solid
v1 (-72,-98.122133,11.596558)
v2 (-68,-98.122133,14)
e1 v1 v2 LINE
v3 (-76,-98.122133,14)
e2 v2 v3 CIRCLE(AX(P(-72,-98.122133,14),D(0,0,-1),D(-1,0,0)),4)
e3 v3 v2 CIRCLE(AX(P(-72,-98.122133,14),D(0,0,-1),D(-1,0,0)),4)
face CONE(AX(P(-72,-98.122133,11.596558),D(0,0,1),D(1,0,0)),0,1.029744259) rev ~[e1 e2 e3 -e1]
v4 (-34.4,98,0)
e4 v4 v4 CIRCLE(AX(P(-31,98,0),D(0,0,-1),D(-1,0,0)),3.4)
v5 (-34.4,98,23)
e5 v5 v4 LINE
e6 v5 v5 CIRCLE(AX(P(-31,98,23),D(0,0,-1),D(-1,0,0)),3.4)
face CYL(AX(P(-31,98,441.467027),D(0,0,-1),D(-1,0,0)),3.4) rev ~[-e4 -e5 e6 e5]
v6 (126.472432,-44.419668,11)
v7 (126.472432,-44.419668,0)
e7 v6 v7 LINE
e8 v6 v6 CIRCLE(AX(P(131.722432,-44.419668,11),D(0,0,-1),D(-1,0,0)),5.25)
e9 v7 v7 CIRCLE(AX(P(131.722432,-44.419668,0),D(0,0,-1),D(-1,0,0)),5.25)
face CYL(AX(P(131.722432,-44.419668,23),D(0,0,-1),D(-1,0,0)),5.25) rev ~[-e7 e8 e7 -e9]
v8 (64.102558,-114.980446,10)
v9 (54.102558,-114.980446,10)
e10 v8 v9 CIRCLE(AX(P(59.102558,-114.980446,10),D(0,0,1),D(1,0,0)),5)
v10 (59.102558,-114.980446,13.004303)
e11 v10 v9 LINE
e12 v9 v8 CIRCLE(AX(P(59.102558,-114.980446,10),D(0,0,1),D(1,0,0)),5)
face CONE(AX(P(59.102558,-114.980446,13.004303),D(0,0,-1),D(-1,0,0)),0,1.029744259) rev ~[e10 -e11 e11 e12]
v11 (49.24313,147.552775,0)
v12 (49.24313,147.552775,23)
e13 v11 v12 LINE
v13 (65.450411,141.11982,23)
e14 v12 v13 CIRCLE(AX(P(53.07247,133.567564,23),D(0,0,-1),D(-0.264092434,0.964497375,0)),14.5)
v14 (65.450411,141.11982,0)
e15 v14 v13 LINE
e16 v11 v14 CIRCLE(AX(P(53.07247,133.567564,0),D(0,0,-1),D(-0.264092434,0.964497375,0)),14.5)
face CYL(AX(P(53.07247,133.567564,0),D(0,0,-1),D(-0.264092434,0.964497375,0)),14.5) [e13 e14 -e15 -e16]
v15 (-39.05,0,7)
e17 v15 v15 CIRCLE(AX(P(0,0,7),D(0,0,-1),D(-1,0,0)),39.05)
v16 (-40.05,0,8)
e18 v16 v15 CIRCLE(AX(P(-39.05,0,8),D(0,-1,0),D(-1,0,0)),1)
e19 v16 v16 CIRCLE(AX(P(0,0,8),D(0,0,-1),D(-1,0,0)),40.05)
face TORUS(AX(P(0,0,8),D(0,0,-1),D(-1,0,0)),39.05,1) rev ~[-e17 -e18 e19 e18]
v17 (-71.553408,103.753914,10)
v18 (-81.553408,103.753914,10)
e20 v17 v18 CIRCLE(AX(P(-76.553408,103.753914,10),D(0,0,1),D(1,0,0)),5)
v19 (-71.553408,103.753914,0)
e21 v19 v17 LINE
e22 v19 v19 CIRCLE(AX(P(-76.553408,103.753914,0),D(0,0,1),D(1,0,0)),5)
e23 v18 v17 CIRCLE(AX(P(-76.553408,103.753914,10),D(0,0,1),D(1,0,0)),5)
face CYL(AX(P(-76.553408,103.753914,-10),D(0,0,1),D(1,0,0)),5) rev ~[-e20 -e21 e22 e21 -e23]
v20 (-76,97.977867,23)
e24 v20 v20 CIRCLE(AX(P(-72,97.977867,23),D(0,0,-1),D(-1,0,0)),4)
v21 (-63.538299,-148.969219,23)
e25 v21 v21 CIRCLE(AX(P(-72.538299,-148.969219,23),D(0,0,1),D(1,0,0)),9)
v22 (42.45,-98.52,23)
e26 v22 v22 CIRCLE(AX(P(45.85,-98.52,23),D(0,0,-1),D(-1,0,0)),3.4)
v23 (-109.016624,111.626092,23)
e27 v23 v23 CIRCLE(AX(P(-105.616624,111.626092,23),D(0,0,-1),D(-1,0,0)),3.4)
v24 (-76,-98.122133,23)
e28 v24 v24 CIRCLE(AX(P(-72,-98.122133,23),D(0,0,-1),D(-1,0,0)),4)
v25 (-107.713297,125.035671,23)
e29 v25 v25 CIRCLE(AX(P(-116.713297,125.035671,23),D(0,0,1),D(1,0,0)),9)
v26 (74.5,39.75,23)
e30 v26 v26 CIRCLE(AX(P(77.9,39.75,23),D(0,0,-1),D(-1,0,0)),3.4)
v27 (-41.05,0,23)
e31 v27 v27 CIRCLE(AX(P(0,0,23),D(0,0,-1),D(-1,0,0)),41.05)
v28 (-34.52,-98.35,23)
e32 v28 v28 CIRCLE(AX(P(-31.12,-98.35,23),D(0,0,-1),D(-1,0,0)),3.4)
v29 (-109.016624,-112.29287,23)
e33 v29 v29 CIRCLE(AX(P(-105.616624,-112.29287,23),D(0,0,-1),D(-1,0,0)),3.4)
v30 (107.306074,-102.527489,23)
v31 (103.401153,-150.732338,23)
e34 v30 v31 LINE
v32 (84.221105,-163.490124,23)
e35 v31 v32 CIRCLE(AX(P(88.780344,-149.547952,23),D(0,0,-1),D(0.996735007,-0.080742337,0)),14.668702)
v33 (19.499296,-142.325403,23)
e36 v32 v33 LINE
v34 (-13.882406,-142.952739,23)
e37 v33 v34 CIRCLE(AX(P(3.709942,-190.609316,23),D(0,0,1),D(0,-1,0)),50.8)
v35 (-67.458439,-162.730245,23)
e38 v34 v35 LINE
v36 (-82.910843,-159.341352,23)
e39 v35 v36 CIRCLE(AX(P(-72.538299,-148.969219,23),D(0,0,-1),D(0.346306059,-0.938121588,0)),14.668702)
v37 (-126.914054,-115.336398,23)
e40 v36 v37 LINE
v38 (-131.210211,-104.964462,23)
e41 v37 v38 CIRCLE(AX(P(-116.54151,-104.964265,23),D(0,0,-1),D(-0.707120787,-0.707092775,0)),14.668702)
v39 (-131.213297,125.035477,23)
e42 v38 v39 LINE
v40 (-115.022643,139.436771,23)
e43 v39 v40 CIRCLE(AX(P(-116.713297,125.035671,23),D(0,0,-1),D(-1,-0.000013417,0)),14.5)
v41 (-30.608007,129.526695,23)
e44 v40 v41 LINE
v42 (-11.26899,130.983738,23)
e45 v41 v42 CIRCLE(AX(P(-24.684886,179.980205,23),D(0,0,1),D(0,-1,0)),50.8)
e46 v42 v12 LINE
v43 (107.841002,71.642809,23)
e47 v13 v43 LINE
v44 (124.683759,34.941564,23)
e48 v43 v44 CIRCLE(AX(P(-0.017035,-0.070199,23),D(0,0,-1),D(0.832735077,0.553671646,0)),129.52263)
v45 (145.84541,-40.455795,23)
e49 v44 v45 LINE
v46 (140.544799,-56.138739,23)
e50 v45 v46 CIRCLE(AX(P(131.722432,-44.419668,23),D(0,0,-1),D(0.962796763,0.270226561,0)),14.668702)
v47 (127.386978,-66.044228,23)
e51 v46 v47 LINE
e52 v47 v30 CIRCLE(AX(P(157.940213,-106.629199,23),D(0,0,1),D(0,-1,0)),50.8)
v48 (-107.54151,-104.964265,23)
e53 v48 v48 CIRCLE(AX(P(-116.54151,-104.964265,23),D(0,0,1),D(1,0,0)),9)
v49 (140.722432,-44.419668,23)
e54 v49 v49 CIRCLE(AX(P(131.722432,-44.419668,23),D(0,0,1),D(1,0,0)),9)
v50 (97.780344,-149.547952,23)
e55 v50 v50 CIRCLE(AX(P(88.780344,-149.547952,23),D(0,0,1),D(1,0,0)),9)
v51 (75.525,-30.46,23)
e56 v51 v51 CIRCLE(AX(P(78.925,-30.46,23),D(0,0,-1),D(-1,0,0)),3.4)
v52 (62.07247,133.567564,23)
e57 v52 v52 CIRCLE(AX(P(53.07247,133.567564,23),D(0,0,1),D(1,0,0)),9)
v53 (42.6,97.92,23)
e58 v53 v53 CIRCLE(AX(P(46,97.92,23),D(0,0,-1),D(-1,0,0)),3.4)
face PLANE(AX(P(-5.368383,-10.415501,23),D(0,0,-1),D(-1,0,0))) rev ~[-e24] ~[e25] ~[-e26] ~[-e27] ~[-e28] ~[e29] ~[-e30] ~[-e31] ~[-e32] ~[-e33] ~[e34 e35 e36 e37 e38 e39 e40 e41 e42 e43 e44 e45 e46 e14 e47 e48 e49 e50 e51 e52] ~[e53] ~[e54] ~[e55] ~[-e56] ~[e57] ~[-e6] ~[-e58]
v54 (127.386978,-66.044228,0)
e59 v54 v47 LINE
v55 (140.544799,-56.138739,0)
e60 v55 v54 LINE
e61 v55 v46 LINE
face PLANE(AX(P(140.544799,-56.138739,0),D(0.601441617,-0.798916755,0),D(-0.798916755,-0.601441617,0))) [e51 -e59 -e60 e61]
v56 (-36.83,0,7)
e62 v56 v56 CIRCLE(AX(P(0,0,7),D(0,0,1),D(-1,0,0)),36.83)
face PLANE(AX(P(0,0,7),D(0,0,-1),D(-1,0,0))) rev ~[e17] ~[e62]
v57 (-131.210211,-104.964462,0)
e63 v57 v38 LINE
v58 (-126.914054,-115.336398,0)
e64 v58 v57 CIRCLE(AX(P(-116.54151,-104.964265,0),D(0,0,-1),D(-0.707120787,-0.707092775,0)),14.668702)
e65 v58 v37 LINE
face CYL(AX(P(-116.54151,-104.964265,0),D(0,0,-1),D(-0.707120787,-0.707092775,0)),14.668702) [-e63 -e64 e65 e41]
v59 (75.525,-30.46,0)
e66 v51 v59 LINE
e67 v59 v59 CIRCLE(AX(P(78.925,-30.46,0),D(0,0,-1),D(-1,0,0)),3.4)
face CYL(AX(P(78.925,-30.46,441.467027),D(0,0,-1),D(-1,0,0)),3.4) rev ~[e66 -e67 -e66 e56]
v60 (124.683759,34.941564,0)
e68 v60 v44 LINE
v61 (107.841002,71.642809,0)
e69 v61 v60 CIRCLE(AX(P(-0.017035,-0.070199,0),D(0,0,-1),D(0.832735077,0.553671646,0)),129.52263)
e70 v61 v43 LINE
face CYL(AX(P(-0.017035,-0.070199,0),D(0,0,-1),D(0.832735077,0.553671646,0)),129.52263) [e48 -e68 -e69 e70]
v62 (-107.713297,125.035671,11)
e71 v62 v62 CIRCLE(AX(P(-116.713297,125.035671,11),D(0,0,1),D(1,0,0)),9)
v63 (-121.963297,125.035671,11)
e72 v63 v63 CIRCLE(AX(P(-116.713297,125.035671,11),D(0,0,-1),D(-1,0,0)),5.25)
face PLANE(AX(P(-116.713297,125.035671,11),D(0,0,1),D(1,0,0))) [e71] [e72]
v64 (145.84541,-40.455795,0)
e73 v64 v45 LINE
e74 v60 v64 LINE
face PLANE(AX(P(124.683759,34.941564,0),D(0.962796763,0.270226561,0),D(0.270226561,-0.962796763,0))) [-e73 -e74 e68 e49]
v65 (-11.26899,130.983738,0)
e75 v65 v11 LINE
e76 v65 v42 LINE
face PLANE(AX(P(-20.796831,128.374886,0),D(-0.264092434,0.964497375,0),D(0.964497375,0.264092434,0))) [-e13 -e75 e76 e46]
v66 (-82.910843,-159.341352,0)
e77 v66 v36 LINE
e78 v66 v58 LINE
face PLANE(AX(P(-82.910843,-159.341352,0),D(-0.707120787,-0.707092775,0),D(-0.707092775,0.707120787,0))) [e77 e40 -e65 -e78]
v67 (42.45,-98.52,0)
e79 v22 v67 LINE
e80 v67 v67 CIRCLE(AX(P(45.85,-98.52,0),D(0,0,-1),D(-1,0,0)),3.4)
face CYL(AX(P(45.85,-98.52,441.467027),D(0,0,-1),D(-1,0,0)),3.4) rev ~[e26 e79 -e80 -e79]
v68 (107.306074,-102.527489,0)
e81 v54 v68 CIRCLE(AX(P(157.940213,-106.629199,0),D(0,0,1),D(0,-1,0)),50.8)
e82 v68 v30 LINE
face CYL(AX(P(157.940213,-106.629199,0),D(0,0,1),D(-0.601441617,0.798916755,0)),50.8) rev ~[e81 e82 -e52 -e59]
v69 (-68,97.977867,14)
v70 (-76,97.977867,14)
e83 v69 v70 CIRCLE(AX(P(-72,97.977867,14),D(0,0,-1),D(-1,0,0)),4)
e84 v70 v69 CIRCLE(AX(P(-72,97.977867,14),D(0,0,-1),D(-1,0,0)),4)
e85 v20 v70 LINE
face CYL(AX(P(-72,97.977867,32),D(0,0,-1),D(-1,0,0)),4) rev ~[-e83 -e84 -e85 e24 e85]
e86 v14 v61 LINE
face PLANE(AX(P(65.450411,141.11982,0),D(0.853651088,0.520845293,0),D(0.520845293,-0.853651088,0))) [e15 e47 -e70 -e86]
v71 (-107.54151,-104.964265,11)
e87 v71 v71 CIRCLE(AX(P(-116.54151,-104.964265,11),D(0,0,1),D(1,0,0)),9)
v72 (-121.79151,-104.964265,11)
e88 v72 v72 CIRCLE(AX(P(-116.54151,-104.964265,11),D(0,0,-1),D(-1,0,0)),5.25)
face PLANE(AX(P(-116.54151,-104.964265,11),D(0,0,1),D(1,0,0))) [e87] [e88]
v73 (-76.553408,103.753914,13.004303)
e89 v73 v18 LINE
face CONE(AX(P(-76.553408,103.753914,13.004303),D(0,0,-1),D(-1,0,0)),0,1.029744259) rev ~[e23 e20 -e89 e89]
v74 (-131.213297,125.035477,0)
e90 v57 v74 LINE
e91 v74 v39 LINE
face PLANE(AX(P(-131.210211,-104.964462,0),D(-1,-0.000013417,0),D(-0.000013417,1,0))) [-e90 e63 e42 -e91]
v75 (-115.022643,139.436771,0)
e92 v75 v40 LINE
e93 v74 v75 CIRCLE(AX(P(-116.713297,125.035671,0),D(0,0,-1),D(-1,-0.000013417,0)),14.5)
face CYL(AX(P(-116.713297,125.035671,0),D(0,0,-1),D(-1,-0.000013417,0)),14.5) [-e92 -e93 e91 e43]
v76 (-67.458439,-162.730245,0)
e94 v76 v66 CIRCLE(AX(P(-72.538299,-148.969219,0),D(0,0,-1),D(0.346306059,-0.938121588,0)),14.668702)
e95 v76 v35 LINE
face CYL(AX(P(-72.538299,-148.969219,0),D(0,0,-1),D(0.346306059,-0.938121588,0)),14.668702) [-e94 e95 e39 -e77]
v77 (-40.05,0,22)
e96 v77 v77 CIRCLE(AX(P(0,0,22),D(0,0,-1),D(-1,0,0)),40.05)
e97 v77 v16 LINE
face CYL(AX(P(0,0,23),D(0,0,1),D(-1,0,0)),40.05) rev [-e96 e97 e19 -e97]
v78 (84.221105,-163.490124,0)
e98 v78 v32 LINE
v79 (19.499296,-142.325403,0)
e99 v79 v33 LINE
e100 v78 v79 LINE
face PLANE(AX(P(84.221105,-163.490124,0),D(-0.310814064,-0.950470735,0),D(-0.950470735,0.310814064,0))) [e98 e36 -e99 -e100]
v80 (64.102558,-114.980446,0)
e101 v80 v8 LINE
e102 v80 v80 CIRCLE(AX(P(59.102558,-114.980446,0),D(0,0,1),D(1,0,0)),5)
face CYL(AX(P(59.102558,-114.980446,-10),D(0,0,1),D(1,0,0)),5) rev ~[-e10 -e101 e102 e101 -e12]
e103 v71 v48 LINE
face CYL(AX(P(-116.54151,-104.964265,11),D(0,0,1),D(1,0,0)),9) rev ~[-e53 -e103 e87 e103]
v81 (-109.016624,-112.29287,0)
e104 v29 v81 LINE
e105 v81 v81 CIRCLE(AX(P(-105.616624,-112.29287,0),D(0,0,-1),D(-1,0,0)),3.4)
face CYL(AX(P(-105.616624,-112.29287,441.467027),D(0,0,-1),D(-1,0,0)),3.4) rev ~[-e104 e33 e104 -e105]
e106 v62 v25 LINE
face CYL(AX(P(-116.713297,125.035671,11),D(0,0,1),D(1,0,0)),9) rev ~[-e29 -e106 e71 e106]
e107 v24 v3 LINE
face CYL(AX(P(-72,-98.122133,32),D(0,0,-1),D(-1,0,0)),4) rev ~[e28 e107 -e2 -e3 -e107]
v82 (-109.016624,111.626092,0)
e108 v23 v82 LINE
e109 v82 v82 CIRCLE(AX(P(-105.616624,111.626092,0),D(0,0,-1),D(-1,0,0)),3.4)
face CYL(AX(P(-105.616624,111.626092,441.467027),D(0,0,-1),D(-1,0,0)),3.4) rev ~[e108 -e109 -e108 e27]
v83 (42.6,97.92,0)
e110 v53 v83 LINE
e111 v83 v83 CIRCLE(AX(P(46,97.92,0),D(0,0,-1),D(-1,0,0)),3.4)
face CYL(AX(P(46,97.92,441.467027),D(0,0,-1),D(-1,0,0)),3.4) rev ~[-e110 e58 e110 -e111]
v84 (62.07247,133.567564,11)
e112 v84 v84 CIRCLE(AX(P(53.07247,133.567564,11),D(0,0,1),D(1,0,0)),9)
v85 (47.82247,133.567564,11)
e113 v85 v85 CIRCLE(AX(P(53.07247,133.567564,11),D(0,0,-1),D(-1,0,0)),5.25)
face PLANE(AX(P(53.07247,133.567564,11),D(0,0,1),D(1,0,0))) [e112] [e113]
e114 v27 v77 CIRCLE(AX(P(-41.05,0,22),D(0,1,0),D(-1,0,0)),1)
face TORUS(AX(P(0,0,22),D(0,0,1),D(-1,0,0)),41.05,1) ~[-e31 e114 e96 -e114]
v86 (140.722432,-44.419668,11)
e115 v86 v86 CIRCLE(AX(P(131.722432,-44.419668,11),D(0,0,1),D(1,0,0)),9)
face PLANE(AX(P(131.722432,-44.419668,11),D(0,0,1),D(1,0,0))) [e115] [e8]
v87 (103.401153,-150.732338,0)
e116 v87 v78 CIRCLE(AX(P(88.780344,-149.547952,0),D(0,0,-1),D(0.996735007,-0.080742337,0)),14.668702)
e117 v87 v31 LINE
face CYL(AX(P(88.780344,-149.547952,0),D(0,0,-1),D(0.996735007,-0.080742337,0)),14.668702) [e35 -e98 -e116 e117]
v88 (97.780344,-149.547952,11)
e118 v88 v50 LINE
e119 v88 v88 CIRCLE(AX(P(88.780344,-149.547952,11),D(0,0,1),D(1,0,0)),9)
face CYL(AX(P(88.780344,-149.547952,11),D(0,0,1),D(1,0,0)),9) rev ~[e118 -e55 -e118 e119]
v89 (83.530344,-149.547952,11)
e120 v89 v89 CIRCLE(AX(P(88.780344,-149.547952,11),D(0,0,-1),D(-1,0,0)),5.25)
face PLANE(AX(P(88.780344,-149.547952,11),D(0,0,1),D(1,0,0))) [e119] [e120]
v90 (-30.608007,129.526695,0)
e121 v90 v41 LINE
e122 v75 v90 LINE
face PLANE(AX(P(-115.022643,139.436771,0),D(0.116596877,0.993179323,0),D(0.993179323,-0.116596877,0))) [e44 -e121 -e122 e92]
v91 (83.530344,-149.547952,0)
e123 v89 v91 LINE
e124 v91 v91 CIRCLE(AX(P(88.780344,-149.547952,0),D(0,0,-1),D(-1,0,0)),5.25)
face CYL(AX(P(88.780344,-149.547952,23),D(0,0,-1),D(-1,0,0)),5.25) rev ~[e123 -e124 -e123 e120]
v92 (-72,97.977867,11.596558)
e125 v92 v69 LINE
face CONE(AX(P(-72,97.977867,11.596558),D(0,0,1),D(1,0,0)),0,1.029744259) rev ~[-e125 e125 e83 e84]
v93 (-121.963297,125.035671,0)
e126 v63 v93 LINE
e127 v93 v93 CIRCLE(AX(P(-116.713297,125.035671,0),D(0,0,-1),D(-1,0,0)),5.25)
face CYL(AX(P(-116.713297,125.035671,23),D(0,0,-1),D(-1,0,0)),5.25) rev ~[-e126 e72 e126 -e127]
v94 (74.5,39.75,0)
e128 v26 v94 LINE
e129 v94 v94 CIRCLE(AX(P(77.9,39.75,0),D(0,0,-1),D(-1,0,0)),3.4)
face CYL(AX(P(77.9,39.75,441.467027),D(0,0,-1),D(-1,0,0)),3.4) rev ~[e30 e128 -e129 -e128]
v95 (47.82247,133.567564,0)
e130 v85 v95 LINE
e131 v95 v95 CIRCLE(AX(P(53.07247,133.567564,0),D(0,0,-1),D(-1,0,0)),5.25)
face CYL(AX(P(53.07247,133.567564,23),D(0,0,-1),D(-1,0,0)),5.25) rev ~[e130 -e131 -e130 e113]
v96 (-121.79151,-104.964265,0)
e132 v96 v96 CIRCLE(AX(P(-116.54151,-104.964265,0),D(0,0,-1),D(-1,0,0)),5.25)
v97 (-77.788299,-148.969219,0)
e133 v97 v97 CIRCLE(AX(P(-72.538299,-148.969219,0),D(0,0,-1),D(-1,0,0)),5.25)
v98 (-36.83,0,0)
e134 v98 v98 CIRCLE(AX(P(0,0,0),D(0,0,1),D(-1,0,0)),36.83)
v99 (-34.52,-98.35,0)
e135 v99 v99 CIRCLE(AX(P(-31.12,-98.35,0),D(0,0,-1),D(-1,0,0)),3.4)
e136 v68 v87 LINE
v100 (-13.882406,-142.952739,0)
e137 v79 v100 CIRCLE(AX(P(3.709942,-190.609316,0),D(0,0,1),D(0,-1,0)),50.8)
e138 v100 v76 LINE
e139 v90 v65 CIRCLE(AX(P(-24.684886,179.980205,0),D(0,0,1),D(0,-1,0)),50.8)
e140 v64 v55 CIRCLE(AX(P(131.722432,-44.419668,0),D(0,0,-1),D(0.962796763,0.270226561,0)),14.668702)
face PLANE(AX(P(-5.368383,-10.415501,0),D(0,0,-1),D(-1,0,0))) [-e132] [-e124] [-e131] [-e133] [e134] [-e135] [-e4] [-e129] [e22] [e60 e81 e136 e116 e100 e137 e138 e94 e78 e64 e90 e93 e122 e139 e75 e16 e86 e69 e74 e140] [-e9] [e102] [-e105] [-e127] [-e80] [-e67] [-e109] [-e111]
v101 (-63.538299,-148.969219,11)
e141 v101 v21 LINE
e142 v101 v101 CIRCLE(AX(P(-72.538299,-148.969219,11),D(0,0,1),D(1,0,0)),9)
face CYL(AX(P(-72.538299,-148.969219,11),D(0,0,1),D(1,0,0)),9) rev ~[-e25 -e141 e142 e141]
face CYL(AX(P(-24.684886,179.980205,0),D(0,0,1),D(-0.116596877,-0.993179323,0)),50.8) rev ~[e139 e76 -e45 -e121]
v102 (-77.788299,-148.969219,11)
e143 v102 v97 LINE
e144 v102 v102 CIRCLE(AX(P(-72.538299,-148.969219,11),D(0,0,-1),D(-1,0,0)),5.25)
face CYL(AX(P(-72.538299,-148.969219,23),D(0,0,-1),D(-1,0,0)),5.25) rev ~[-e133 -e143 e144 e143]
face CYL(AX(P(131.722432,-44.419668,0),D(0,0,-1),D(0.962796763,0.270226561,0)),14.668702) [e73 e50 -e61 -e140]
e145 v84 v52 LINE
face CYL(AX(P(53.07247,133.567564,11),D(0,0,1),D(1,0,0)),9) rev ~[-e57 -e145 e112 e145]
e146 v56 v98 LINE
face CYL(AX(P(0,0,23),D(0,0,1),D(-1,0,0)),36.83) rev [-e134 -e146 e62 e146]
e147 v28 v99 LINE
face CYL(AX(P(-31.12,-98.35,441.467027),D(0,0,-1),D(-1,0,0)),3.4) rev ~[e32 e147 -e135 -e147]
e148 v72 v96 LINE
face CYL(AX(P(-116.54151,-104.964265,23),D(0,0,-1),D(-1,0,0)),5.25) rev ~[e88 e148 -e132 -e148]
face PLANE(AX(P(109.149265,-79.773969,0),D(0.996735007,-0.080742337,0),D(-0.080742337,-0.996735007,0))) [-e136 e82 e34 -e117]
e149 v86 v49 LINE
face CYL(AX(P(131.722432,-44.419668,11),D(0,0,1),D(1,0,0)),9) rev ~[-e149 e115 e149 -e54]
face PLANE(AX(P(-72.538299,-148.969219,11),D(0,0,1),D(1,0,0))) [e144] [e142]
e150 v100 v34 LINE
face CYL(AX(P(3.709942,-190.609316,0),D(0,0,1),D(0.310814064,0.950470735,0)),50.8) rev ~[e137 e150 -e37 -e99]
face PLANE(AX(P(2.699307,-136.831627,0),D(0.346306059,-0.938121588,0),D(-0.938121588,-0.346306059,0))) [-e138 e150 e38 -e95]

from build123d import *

# Parameters (mm, degrees)
BOSS_EXTRUDE1_DEPTH             = 23
FILLET2_R                       = 50.8
SKETCH2_R                       = 40.05
CUT_EXTRUDE1_DEPTH              = 16
SKETCH5_R                       = 36.83
CUT_EXTRUDE2_DEPTH              = 25.4
FILLET5_R                       = 1
FILLET6_R                       = 1
CBORE_FOR_M10_SHCS7_D           = 10.5
CBORE_FOR_M10_SHCS7_CBORE_D     = 18
CBORE_FOR_M10_SHCS7_CBORE_DEPTH = 12
TAP_DRILL_FOR_M8X1_25_TAP2_D    = 6.8
F_8_0MM_DOWEL_HOLE1_D           = 8
F_8_0MM_DOWEL_HOLE1_DEPTH       = 9
F_8_0MM_DOWEL_HOLE1_TIP         = 2.403442476
F_10_0MM_DOWEL_HOLE3_D          = 10
F_10_0MM_DOWEL_HOLE3_DEPTH      = 10
F_10_0MM_DOWEL_HOLE3_TIP        = 3.004303095
CBORE_FOR_M10_SHCS9_D           = 10.5
CBORE_FOR_M10_SHCS9_CBORE_D     = 18
CBORE_FOR_M10_SHCS9_CBORE_DEPTH = 10


with BuildPart() as part:
    # Sketch1 → Boss-Extrude1 (new body)
    with BuildSketch(Plane.XY):
        with BuildLine():
            Line((84.221105008, -163.490124242), (2.699306526, -136.831626991))
            Line((2.699306526, -136.831626991), (-67.458438584, -162.730244564))
            ThreePointArc((-67.458438584, -162.730244564), (-75.680634631, -163.297391653), (-82.910842941, -159.341351783))
            Line((-82.910842941, -159.341351783), (-126.914053579, -115.336397895))
            ThreePointArc((-126.914053579, -115.336397895), (-130.093640928, -110.577690662), (-131.210211433, -104.964461595))
            Line((-131.210211433, -104.964461595), (-131.213297338, 125.035476514))
            ThreePointArc((-131.213297338, 125.035476514), (-126.350161673, 135.869915187), (-115.02264263, 139.436771249))
            Line((-115.02264263, 139.436771249), (-20.796830867, 128.37488637))
            Line((-20.796830867, 128.37488637), (49.24312976, 147.55277548))
            ThreePointArc((49.24312976, 147.55277548), (58.421803723, 147.044752766), (65.450410839, 141.119820294))
            Line((65.450410839, 141.119820294), (107.841002341, 71.642808501))
            ThreePointArc((107.841002341, 71.642808501), (117.701476238, 53.952608996), (124.683759391, 34.941564155))
            Line((124.683759391, 34.941564155), (145.845410308, -40.455794779))
            ThreePointArc((145.845410308, -40.455794779), (145.61886709, -49.11646402), (140.544799405, -56.138739339))
            Line((140.544799405, -56.138739339), (109.149264581, -79.773969292))
            Line((109.149264581, -79.773969292), (103.401152517, -150.732337669))
            ThreePointArc((103.401152517, -150.732337669), (96.90432541, -161.761540655), (84.221105008, -163.490124242))
        make_face()
    extrude(amount=BOSS_EXTRUDE1_DEPTH)

    # Fillet2
    fillet2_edges = [part.edges().sort_by_distance(p)[0] for p in [
        (109.149264581, -79.773969292, 11.5),
        (2.699306526, -136.831626991, 11.5),
        (-20.796830867, 128.37488637, 11.5),
    ]]
    fillet(fillet2_edges, radius=FILLET2_R)

    # Sketch2 → Cut-Extrude1 (cut)
    with BuildSketch(Plane(origin=(0, 0, 23), x_dir=(-1, 0, 0), z_dir=(0, 0, -1))):
        Circle(SKETCH2_R)
    extrude(amount=CUT_EXTRUDE1_DEPTH, mode=Mode.SUBTRACT)

    # Sketch5 → Cut-Extrude2 (cut)
    with BuildSketch(Plane(origin=(0, 0, 23), x_dir=(-1, 0, 0), z_dir=(0, 0, -1))):
        Circle(SKETCH5_R)
    extrude(amount=CUT_EXTRUDE2_DEPTH, mode=Mode.SUBTRACT)

    # Fillet5
    fillet5_edges = [part.edges().sort_by_distance(p)[0] for p in [
        (40.05, 0, 23),
    ]]
    fillet(fillet5_edges, radius=FILLET5_R)

    # Fillet6
    fillet6_edges = [part.edges().sort_by_distance(p)[0] for p in [
        (40.05, 0, 7),
    ]]
    fillet(fillet6_edges, radius=FILLET6_R)

    # CBORE for M10 SHCS7 (through all)
    with Locations(Plane.XY.offset(23)):
        with Locations((-116.713297339, 125.03567106), (-116.541509562, -104.964264785), (-72.538298924, -148.969218673), (53.072470058, 133.567563544), (131.722431635, -44.419667636), (88.780343848, -149.547952394)):
            CounterBoreHole(CBORE_FOR_M10_SHCS7_D / 2, CBORE_FOR_M10_SHCS7_CBORE_D / 2, CBORE_FOR_M10_SHCS7_CBORE_DEPTH)

    # Tap Drill for M8x1.25 Tap2 (through all)
    with Locations(Plane.XY.offset(23)):
        with Locations((46, 97.92), (-31, 98), (-105.616623552, 111.626092354), (-105.616623552, -112.292869781), (-31.12, -98.35), (45.85, -98.52), (78.925, -30.46), (77.9, 39.75)):
            Hole(TAP_DRILL_FOR_M8X1_25_TAP2_D / 2)

    # Ø8.0mm Dowel Hole1
    with Locations(Plane.XY.offset(23)):
        with Locations((-72, 97.977867106), (-72, -98.122132894)):
            Hole(F_8_0MM_DOWEL_HOLE1_D / 2, depth=F_8_0MM_DOWEL_HOLE1_DEPTH)
            with Locations((0, 0, -(F_8_0MM_DOWEL_HOLE1_DEPTH + F_8_0MM_DOWEL_HOLE1_TIP / 2))):  # 118° drill point
                Cone(0, F_8_0MM_DOWEL_HOLE1_D / 2, F_8_0MM_DOWEL_HOLE1_TIP, mode=Mode.SUBTRACT)

    # Ø10.0mm Dowel Hole3
    with Locations(Plane(origin=(0, 0, 0), x_dir=(-1, 0, 0), z_dir=(0, 0, -1))):
        with Locations((76.55340813, 103.753913834), (-59.102558089, -114.980445858)):
            Hole(F_10_0MM_DOWEL_HOLE3_D / 2, depth=F_10_0MM_DOWEL_HOLE3_DEPTH)
            with Locations((0, 0, -(F_10_0MM_DOWEL_HOLE3_DEPTH + F_10_0MM_DOWEL_HOLE3_TIP / 2))):  # 118° drill point
                Cone(0, F_10_0MM_DOWEL_HOLE3_D / 2, F_10_0MM_DOWEL_HOLE3_TIP, mode=Mode.SUBTRACT)

    # CBORE for M10 SHCS9 (through all)
    with Locations(Plane.XY.offset(23)):
        with Locations((53.072470058, 133.567563544), (131.722431635, -44.419667636), (88.780343848, -149.547952394), (-116.713297339, 125.03567106), (-116.541509562, -104.964264785), (-72.538298924, -148.969218673)):
            CounterBoreHole(CBORE_FOR_M10_SHCS9_D / 2, CBORE_FOR_M10_SHCS9_CBORE_D / 2, CBORE_FOR_M10_SHCS9_CBORE_DEPTH)


solid = part.part
